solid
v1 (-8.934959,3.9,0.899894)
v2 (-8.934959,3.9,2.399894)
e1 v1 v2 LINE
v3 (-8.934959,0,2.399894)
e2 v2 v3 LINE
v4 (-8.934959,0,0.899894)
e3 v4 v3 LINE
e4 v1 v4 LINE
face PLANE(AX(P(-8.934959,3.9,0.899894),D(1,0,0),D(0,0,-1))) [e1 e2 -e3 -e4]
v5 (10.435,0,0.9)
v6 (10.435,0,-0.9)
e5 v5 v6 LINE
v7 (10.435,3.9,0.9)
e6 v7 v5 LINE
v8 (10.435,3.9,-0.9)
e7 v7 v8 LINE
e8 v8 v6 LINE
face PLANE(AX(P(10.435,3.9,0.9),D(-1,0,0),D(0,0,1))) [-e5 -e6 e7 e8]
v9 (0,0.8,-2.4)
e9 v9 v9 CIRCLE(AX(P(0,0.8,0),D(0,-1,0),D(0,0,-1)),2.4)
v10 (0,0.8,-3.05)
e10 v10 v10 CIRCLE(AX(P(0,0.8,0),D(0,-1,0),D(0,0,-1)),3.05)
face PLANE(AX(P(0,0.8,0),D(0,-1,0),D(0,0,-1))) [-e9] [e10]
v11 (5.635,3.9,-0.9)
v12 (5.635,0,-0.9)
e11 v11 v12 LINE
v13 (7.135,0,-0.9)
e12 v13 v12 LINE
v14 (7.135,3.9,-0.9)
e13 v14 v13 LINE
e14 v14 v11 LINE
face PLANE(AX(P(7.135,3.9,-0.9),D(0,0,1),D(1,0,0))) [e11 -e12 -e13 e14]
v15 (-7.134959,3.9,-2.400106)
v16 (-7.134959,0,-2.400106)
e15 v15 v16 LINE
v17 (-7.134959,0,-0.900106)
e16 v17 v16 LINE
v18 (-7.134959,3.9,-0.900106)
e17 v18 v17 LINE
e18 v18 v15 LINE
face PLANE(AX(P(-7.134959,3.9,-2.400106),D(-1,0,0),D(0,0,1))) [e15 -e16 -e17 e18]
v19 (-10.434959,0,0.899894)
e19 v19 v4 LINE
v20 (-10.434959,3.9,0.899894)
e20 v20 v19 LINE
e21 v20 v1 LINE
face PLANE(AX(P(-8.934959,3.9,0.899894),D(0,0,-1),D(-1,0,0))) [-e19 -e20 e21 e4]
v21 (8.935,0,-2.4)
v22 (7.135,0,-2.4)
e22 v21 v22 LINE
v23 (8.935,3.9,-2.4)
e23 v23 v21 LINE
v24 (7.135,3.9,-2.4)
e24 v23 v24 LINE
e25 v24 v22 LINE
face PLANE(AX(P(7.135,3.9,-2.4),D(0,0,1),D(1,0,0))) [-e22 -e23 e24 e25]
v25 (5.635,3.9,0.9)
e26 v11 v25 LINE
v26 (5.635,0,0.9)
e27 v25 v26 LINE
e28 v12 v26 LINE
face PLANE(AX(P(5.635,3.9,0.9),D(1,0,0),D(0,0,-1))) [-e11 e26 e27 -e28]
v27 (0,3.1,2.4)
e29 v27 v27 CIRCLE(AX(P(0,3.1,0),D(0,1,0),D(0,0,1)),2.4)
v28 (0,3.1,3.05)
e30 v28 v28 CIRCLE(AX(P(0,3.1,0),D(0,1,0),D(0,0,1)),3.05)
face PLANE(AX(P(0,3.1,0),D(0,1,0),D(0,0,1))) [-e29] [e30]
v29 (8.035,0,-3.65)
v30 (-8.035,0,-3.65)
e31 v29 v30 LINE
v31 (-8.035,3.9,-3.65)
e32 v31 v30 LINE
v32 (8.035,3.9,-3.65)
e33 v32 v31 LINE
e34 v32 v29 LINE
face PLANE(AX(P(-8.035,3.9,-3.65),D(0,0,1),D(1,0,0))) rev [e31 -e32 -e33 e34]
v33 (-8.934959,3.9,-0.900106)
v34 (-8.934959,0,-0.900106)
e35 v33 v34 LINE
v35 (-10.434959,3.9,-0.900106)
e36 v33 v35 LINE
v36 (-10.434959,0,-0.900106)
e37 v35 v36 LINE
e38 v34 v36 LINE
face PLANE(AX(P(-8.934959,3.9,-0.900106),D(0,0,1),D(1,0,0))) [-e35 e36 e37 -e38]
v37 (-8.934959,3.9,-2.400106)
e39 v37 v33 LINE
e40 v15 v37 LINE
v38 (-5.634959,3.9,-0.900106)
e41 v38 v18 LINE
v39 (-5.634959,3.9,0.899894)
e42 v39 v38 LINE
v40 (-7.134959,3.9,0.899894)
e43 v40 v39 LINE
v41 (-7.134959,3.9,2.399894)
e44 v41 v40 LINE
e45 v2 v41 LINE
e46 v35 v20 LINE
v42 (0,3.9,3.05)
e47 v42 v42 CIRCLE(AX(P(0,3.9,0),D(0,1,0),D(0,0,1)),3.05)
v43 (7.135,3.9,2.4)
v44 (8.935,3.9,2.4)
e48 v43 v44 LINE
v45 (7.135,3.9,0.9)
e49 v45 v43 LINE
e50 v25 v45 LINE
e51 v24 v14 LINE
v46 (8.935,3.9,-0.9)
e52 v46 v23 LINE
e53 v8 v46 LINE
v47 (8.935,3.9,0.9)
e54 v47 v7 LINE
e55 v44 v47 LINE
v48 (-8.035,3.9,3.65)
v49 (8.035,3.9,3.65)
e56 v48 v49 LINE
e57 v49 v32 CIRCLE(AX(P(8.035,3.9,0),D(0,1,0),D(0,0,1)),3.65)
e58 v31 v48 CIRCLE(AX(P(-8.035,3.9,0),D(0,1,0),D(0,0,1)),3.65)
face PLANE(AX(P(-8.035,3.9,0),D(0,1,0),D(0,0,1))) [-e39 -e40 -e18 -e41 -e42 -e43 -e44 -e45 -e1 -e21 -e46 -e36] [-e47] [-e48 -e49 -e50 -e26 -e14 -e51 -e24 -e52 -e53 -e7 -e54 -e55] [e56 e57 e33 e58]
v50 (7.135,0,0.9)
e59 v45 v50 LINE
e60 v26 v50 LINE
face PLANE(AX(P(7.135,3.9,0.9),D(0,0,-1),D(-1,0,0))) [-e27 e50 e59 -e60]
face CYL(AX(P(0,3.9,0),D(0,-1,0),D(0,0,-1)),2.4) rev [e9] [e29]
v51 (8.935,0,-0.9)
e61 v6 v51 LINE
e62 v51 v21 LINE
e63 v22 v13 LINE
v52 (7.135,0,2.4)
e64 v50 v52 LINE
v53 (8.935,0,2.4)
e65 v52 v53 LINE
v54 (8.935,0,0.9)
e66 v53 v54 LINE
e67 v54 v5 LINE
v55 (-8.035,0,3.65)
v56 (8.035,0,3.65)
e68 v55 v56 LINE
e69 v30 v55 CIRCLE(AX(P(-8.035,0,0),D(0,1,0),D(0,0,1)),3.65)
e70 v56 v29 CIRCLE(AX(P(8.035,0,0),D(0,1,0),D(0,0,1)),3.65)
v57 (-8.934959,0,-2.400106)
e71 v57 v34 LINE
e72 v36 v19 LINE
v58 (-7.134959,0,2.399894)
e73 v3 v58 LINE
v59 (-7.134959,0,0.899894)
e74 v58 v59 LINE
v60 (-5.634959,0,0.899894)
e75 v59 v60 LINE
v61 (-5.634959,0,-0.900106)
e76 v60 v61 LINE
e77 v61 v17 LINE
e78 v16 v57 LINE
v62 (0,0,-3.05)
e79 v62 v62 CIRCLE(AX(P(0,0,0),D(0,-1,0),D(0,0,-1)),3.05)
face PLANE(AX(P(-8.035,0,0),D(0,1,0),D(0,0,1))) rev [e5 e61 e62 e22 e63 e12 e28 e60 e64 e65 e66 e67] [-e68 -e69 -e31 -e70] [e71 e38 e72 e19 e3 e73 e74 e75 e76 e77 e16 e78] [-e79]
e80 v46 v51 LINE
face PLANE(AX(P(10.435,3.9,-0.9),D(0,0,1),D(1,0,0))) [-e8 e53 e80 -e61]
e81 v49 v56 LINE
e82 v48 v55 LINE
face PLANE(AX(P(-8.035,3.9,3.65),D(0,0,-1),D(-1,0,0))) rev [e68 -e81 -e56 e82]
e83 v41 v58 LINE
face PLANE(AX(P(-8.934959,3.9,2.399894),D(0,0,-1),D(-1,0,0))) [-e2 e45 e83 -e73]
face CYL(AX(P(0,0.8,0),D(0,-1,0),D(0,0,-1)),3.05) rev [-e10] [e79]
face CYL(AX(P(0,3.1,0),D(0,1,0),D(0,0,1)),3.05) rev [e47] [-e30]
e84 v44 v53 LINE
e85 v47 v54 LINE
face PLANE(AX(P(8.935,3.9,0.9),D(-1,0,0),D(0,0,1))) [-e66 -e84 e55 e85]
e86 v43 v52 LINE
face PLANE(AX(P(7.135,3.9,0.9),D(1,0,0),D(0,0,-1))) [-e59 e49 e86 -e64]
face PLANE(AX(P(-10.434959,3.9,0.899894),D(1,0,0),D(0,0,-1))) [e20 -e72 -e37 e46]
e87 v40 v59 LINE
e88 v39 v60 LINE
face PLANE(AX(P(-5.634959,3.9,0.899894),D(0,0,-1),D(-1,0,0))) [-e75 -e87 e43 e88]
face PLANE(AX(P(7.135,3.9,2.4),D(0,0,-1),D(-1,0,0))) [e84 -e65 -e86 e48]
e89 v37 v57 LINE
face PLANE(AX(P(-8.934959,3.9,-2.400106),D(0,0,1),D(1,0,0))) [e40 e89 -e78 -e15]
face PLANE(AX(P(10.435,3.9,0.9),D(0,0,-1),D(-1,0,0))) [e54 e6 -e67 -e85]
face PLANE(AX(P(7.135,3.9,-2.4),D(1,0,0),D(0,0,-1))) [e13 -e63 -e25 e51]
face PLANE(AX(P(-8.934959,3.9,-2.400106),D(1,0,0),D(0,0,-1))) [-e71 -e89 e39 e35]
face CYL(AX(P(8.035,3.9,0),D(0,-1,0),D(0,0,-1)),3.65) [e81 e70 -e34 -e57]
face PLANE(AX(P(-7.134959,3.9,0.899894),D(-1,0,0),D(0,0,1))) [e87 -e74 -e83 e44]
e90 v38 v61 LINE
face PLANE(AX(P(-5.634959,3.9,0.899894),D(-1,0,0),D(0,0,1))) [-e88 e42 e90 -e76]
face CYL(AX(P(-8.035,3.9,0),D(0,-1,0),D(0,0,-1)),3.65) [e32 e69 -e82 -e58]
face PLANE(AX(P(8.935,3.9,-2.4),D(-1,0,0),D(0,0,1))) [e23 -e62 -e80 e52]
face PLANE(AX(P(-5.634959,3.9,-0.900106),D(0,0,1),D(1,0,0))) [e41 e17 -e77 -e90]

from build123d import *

# Parameters (mm, degrees)
SKETCH1_R           = 2.4
BOSS_EXTRUDE1_DEPTH = 3.9
SKETCH2_R           = 3.05
CUT_EXTRUDE1_DEPTH  = 0.8
SKETCH3_R           = 3.05
CUT_EXTRUDE2_DEPTH  = 0.8


with BuildPart() as part:
    # Sketch1 → Boss-Extrude1 (new body)
    with BuildSketch(Plane(origin=(0, 0, 0), x_dir=(1, 0, 0), z_dir=(0, 1, 0))):
        with BuildLine():
            Line((-8.035, 3.65), (8.035, 3.65))
            ThreePointArc((8.035, 3.65), (11.685, 0), (8.035, -3.65))
            Line((8.035, -3.65), (-8.035, -3.65))
            ThreePointArc((-8.035, -3.65), (-11.685, 0), (-8.035, 3.65))
        make_face()
        Circle(SKETCH1_R, mode=Mode.SUBTRACT)
        Polygon((7.135, 2.4), (7.135, 0.9), (5.635, 0.9), (5.635, -0.9), (7.135, -0.9), (7.135, -2.4), (8.935, -2.4), (8.935, -0.9), (10.435, -0.9), (10.435, 0.9), (8.935, 0.9), (8.935, 2.4), align=None, mode=Mode.SUBTRACT)
        Polygon((-8.934958517, 2.400106294), (-8.934958517, 0.900106294), (-10.434958517, 0.900106294), (-10.434958517, -0.899893706), (-8.934958517, -0.899893706), (-8.934958517, -2.399893706), (-7.134958517, -2.399893706), (-7.134958517, -0.899893706), (-5.634958517, -0.899893706), (-5.634958517, 0.900106294), (-7.134958517, 0.900106294), (-7.134958517, 2.400106294), align=None, mode=Mode.SUBTRACT)
    extrude(amount=BOSS_EXTRUDE1_DEPTH)

    # Sketch2 → Cut-Extrude1 (cut)
    with BuildSketch(Plane(origin=(0, 3.9, 0), x_dir=(1, 0, 0), z_dir=(0, 1, 0))):
        Circle(SKETCH2_R)
    extrude(amount=-CUT_EXTRUDE1_DEPTH, mode=Mode.SUBTRACT)

    # Sketch3 → Cut-Extrude2 (cut)
    with BuildSketch(Plane(origin=(0, 0, 0), x_dir=(-1, 0, 0), z_dir=(0, -1, 0))):
        Circle(SKETCH3_R)
    extrude(amount=-CUT_EXTRUDE2_DEPTH, mode=Mode.SUBTRACT)


solid = part.part
